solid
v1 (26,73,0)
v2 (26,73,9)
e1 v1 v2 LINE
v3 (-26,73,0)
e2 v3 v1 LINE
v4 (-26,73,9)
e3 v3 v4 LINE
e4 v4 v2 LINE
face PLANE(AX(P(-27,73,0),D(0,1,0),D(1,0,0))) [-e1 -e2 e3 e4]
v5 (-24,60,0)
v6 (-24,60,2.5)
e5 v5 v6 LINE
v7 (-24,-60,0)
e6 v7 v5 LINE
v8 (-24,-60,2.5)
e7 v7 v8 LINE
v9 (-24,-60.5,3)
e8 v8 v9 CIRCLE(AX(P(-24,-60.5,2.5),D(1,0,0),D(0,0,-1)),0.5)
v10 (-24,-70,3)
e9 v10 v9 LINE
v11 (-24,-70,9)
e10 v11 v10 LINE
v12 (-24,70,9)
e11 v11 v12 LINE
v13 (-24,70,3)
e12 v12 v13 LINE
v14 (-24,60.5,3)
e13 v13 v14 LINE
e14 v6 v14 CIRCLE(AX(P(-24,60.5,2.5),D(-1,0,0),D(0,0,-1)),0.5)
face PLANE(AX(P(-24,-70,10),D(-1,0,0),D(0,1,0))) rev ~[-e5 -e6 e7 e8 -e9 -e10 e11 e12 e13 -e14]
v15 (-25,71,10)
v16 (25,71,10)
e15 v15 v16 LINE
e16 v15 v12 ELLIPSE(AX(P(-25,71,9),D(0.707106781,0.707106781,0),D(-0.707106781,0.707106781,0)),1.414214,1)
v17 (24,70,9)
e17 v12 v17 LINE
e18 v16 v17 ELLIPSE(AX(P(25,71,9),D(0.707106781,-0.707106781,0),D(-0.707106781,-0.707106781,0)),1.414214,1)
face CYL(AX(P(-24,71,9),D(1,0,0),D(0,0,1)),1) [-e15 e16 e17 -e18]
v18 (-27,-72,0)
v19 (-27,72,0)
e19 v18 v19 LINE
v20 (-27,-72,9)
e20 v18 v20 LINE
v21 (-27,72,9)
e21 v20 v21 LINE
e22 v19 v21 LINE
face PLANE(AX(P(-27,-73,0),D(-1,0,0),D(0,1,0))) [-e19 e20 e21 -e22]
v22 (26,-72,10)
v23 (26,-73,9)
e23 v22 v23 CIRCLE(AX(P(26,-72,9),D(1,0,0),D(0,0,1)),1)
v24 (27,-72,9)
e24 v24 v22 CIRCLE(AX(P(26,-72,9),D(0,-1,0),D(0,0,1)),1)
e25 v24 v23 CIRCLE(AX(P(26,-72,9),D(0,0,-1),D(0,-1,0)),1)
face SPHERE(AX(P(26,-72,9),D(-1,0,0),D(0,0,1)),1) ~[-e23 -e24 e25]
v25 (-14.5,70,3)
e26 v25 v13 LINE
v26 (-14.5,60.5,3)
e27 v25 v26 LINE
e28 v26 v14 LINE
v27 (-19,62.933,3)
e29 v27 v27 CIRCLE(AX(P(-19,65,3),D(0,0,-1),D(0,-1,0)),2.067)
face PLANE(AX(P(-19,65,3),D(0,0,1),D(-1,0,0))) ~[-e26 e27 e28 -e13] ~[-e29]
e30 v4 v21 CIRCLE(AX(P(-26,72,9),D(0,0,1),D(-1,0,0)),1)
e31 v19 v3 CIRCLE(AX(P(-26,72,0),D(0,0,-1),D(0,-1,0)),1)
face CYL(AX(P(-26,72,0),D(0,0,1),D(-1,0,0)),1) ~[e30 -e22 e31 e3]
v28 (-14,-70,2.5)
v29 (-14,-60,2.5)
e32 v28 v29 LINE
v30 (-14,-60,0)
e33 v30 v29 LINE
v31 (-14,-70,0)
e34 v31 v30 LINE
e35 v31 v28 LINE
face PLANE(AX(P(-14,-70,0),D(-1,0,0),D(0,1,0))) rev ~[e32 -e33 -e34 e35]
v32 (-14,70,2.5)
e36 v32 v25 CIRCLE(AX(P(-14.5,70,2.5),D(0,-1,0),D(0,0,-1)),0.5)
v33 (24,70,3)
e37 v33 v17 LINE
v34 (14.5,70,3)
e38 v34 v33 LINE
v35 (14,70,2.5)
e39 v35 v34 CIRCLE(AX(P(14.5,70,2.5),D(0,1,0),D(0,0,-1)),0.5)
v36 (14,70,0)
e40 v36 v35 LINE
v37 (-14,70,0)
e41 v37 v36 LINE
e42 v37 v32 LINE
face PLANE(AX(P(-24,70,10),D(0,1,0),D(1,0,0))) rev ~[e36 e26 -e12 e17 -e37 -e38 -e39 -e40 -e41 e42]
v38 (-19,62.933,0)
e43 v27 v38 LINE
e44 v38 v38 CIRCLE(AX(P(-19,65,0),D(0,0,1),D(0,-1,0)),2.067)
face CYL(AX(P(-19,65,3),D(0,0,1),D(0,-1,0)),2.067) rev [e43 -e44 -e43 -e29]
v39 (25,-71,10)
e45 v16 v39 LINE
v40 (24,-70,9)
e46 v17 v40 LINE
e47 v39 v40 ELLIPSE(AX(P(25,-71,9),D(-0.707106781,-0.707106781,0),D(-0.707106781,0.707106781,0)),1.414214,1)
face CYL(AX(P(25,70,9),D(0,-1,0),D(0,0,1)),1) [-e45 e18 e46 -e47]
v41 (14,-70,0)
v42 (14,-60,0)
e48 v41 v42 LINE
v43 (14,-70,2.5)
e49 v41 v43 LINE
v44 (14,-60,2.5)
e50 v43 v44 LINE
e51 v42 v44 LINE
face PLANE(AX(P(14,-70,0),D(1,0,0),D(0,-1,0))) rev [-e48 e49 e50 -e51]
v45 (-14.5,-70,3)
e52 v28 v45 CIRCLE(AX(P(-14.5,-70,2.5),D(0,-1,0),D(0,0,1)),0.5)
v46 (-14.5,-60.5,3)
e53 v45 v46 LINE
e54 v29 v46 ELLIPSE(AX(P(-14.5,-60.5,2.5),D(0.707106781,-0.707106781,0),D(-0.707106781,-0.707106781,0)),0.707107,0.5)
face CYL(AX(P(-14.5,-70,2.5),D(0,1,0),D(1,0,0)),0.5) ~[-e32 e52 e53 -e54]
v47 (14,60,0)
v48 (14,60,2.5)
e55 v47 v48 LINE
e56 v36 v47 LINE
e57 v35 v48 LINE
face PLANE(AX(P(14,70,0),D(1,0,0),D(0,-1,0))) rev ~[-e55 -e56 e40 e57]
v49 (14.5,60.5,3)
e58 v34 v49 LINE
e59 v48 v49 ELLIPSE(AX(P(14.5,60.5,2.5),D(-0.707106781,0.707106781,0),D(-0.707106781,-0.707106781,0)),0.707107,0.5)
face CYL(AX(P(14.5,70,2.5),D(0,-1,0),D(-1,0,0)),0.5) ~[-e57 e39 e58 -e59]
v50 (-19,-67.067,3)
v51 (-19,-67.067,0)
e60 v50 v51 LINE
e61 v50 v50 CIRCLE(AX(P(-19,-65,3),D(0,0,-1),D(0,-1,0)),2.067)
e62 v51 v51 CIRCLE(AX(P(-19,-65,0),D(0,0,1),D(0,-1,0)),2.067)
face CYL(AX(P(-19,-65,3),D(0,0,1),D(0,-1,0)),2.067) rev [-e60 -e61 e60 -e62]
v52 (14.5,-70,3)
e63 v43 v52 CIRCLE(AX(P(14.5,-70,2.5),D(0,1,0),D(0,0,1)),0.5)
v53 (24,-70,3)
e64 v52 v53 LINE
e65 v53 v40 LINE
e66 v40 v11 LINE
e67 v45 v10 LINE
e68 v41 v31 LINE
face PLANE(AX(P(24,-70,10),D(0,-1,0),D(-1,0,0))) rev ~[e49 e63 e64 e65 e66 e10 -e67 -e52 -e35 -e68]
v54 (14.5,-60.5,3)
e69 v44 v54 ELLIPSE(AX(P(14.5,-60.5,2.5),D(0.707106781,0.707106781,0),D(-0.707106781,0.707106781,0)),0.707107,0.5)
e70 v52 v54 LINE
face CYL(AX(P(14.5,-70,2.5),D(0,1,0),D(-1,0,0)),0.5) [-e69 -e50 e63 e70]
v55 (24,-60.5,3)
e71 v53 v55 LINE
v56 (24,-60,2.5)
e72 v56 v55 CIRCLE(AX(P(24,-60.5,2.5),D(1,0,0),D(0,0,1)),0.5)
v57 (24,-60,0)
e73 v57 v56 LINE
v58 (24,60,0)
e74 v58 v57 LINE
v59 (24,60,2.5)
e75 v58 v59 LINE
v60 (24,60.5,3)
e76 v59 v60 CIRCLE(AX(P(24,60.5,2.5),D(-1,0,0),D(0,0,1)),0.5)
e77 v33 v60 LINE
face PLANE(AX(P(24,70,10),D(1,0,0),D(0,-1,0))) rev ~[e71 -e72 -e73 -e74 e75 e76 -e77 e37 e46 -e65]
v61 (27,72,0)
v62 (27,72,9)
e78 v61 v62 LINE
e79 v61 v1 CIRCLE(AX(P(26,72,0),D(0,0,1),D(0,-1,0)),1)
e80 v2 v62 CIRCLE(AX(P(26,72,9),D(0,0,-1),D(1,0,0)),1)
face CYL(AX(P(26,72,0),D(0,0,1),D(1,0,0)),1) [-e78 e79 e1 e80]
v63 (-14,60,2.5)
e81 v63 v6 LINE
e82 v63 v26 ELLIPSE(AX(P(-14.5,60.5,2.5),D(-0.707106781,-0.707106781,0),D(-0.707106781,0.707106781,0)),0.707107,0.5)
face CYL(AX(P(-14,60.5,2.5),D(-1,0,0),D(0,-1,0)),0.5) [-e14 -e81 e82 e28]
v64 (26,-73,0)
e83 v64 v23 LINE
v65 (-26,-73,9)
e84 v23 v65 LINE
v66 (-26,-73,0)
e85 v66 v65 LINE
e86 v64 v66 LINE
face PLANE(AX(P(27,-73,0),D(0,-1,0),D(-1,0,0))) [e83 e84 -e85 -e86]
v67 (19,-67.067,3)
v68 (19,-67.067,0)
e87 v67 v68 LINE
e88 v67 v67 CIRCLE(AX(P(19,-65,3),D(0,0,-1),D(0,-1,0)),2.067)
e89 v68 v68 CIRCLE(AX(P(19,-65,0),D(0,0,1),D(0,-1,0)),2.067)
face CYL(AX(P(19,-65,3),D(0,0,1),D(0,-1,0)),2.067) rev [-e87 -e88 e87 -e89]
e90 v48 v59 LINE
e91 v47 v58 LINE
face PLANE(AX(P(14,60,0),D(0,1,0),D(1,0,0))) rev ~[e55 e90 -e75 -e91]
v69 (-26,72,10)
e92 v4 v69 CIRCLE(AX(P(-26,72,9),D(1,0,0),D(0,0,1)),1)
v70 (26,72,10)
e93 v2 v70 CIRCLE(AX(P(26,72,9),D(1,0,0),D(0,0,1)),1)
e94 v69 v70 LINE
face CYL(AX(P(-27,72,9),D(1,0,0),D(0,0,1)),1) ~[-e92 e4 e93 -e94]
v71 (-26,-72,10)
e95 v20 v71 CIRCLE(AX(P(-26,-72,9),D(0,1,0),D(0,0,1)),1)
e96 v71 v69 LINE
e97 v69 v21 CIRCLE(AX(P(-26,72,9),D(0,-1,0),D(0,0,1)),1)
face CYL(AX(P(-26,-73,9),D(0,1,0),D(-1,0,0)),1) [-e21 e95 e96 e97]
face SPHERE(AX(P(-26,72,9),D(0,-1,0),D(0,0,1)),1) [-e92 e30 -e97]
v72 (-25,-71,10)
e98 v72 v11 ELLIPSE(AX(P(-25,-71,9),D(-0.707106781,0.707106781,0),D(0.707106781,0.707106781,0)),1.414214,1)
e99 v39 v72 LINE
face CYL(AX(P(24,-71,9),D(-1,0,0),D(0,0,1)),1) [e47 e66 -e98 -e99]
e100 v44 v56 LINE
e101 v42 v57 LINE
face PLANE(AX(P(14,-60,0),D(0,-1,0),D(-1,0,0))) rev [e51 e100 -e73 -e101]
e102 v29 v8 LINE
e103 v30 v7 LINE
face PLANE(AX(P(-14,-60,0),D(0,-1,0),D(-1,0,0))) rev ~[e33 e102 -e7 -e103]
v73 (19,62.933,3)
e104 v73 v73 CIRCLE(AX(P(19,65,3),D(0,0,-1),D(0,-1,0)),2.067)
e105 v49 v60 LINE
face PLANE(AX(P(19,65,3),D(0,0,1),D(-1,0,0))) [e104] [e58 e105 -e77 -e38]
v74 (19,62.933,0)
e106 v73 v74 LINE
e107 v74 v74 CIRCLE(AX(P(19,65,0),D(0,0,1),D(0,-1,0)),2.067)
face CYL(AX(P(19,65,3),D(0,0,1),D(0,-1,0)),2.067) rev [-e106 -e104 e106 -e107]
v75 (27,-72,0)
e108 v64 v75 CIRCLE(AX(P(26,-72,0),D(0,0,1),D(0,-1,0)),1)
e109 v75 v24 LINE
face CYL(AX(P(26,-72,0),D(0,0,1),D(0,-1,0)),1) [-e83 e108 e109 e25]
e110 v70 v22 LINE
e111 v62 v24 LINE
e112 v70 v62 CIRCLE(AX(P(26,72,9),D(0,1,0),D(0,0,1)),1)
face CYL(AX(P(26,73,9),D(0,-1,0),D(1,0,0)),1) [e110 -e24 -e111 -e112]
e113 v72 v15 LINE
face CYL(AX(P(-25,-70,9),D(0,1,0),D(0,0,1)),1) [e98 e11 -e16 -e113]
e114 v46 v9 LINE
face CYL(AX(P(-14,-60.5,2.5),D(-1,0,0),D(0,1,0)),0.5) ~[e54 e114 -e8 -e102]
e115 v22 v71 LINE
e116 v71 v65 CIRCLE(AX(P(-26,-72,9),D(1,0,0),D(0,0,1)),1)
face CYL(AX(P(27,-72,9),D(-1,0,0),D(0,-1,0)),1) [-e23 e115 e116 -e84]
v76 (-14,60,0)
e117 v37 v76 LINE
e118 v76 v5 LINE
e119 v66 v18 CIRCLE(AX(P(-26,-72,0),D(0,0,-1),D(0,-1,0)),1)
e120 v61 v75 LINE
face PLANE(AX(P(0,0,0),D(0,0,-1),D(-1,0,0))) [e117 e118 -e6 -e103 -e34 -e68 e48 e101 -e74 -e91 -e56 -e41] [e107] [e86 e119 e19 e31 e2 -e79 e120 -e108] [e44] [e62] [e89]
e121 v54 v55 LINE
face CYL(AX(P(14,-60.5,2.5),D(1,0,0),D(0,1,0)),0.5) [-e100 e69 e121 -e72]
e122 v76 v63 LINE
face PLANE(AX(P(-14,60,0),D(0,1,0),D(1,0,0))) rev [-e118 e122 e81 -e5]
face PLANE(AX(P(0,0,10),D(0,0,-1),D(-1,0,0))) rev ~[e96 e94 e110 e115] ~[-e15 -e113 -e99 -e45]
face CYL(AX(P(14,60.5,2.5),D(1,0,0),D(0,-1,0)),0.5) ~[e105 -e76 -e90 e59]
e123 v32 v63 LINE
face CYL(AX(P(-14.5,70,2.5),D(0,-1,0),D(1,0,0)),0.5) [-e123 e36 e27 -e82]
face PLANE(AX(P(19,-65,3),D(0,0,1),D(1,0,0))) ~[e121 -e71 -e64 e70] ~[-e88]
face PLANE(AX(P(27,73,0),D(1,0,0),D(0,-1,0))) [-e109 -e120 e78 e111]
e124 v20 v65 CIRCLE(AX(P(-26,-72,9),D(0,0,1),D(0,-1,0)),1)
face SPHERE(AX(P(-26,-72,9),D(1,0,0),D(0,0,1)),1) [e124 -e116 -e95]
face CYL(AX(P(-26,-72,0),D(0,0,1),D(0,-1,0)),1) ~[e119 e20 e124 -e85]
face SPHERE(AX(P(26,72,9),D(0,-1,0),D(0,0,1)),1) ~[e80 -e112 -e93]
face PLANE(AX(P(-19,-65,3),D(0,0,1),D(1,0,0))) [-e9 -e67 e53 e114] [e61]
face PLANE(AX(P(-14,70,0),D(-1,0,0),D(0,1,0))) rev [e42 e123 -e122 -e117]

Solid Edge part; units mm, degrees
sketch "Sketch1" plane through (0, 0, 0) normal (0, 0, 1) x (1, 0, 0)
  line L0 (27, -73) -> (-27, -73)
  line L1 (-27, -73) -> (-27, 73)
  line L2 (-27, 73) -> (27, 73)
  line L3 (27, 73) -> (27, -73)
  dimension "D1" = 146
  dimension "D2" = 54
extrude "Protrusion1" add sketch "Sketch1" along normal blind 10
sketch "Sketch2" plane through (0, 0, 10) normal (0, 0, 1) x (1, 0, 0)
  line L0 (24, -70) -> (-24, -70)
  line L1 (-24, -70) -> (-24, 70)
  line L2 (-24, 70) -> (24, 70)
  line L3 (24, 70) -> (24, -70)
  dimension "D1" = 140
  dimension "D2" = 48
  dimension "D3" = 3
  dimension "D4" = 3
extrude "Extrusionsausschnitt_1" cut sketch "Sketch2" along normal mid plane 76
fillet "Verrundung_1" radius 1 12 edges at (0, -73, 10) (-24, 0, 10) (-27, 0, 10) (0, -70, 10) (24, 0, 10) (27, 0, 10) (0, 73, 10) (0, 70, 10) (-27, 73, 5) (27, 73, 5) (27, -73, 5) (-27, -73, 5)
sketch "Sketch3" plane through (0, 0, 0) normal (0, 0, 1) x (1, 0, 0)
  line L0 (-14, -70) -> (-14, -60)
  line L1 (-14, -60) -> (-24, -60)
  line L2 (-24, -70) -> (-24, -60)
  line L3 (-14, -70) -> (-24, -70)
  dimension "D1" = 10
  dimension "D2" = 10
extrude "Extrusionsausprägung_2" add sketch "Sketch3" along normal blind 3
mirror "Mirror1" about plane through (0, 0, 0) normal (0, -1, 0) of "Extrusionsausprägung_2"
mirror "Mirror2" about plane through (0, 0, 0) normal (1, 0, 0) of "Mirror1", "Extrusionsausprägung_2"
hole "Bohrung_1" at (-19, -65, 3) direction (0, 0, -1) diameter 4.134 end through all
hole "Hole1" at (19, -65, 3) direction (0, 0, -1) diameter 4.134 end through all
hole "Hole2" at (19, 65, 3) direction (0, 0, -1) diameter 4.134 end through all
hole "Hole3" at (-19, 65, 3) direction (0, 0, -1) diameter 4.134 end through all
fillet "Verrundung_2" radius 0.5 8 edges at (-19, -60, 3) (-14, -65, 3) (14, -65, 3) (19, -60, 3) (-19, 60, 3) (-14, 65, 3) (14, 65, 3) (19, 60, 3)
properties part number "041" material "PLA"
